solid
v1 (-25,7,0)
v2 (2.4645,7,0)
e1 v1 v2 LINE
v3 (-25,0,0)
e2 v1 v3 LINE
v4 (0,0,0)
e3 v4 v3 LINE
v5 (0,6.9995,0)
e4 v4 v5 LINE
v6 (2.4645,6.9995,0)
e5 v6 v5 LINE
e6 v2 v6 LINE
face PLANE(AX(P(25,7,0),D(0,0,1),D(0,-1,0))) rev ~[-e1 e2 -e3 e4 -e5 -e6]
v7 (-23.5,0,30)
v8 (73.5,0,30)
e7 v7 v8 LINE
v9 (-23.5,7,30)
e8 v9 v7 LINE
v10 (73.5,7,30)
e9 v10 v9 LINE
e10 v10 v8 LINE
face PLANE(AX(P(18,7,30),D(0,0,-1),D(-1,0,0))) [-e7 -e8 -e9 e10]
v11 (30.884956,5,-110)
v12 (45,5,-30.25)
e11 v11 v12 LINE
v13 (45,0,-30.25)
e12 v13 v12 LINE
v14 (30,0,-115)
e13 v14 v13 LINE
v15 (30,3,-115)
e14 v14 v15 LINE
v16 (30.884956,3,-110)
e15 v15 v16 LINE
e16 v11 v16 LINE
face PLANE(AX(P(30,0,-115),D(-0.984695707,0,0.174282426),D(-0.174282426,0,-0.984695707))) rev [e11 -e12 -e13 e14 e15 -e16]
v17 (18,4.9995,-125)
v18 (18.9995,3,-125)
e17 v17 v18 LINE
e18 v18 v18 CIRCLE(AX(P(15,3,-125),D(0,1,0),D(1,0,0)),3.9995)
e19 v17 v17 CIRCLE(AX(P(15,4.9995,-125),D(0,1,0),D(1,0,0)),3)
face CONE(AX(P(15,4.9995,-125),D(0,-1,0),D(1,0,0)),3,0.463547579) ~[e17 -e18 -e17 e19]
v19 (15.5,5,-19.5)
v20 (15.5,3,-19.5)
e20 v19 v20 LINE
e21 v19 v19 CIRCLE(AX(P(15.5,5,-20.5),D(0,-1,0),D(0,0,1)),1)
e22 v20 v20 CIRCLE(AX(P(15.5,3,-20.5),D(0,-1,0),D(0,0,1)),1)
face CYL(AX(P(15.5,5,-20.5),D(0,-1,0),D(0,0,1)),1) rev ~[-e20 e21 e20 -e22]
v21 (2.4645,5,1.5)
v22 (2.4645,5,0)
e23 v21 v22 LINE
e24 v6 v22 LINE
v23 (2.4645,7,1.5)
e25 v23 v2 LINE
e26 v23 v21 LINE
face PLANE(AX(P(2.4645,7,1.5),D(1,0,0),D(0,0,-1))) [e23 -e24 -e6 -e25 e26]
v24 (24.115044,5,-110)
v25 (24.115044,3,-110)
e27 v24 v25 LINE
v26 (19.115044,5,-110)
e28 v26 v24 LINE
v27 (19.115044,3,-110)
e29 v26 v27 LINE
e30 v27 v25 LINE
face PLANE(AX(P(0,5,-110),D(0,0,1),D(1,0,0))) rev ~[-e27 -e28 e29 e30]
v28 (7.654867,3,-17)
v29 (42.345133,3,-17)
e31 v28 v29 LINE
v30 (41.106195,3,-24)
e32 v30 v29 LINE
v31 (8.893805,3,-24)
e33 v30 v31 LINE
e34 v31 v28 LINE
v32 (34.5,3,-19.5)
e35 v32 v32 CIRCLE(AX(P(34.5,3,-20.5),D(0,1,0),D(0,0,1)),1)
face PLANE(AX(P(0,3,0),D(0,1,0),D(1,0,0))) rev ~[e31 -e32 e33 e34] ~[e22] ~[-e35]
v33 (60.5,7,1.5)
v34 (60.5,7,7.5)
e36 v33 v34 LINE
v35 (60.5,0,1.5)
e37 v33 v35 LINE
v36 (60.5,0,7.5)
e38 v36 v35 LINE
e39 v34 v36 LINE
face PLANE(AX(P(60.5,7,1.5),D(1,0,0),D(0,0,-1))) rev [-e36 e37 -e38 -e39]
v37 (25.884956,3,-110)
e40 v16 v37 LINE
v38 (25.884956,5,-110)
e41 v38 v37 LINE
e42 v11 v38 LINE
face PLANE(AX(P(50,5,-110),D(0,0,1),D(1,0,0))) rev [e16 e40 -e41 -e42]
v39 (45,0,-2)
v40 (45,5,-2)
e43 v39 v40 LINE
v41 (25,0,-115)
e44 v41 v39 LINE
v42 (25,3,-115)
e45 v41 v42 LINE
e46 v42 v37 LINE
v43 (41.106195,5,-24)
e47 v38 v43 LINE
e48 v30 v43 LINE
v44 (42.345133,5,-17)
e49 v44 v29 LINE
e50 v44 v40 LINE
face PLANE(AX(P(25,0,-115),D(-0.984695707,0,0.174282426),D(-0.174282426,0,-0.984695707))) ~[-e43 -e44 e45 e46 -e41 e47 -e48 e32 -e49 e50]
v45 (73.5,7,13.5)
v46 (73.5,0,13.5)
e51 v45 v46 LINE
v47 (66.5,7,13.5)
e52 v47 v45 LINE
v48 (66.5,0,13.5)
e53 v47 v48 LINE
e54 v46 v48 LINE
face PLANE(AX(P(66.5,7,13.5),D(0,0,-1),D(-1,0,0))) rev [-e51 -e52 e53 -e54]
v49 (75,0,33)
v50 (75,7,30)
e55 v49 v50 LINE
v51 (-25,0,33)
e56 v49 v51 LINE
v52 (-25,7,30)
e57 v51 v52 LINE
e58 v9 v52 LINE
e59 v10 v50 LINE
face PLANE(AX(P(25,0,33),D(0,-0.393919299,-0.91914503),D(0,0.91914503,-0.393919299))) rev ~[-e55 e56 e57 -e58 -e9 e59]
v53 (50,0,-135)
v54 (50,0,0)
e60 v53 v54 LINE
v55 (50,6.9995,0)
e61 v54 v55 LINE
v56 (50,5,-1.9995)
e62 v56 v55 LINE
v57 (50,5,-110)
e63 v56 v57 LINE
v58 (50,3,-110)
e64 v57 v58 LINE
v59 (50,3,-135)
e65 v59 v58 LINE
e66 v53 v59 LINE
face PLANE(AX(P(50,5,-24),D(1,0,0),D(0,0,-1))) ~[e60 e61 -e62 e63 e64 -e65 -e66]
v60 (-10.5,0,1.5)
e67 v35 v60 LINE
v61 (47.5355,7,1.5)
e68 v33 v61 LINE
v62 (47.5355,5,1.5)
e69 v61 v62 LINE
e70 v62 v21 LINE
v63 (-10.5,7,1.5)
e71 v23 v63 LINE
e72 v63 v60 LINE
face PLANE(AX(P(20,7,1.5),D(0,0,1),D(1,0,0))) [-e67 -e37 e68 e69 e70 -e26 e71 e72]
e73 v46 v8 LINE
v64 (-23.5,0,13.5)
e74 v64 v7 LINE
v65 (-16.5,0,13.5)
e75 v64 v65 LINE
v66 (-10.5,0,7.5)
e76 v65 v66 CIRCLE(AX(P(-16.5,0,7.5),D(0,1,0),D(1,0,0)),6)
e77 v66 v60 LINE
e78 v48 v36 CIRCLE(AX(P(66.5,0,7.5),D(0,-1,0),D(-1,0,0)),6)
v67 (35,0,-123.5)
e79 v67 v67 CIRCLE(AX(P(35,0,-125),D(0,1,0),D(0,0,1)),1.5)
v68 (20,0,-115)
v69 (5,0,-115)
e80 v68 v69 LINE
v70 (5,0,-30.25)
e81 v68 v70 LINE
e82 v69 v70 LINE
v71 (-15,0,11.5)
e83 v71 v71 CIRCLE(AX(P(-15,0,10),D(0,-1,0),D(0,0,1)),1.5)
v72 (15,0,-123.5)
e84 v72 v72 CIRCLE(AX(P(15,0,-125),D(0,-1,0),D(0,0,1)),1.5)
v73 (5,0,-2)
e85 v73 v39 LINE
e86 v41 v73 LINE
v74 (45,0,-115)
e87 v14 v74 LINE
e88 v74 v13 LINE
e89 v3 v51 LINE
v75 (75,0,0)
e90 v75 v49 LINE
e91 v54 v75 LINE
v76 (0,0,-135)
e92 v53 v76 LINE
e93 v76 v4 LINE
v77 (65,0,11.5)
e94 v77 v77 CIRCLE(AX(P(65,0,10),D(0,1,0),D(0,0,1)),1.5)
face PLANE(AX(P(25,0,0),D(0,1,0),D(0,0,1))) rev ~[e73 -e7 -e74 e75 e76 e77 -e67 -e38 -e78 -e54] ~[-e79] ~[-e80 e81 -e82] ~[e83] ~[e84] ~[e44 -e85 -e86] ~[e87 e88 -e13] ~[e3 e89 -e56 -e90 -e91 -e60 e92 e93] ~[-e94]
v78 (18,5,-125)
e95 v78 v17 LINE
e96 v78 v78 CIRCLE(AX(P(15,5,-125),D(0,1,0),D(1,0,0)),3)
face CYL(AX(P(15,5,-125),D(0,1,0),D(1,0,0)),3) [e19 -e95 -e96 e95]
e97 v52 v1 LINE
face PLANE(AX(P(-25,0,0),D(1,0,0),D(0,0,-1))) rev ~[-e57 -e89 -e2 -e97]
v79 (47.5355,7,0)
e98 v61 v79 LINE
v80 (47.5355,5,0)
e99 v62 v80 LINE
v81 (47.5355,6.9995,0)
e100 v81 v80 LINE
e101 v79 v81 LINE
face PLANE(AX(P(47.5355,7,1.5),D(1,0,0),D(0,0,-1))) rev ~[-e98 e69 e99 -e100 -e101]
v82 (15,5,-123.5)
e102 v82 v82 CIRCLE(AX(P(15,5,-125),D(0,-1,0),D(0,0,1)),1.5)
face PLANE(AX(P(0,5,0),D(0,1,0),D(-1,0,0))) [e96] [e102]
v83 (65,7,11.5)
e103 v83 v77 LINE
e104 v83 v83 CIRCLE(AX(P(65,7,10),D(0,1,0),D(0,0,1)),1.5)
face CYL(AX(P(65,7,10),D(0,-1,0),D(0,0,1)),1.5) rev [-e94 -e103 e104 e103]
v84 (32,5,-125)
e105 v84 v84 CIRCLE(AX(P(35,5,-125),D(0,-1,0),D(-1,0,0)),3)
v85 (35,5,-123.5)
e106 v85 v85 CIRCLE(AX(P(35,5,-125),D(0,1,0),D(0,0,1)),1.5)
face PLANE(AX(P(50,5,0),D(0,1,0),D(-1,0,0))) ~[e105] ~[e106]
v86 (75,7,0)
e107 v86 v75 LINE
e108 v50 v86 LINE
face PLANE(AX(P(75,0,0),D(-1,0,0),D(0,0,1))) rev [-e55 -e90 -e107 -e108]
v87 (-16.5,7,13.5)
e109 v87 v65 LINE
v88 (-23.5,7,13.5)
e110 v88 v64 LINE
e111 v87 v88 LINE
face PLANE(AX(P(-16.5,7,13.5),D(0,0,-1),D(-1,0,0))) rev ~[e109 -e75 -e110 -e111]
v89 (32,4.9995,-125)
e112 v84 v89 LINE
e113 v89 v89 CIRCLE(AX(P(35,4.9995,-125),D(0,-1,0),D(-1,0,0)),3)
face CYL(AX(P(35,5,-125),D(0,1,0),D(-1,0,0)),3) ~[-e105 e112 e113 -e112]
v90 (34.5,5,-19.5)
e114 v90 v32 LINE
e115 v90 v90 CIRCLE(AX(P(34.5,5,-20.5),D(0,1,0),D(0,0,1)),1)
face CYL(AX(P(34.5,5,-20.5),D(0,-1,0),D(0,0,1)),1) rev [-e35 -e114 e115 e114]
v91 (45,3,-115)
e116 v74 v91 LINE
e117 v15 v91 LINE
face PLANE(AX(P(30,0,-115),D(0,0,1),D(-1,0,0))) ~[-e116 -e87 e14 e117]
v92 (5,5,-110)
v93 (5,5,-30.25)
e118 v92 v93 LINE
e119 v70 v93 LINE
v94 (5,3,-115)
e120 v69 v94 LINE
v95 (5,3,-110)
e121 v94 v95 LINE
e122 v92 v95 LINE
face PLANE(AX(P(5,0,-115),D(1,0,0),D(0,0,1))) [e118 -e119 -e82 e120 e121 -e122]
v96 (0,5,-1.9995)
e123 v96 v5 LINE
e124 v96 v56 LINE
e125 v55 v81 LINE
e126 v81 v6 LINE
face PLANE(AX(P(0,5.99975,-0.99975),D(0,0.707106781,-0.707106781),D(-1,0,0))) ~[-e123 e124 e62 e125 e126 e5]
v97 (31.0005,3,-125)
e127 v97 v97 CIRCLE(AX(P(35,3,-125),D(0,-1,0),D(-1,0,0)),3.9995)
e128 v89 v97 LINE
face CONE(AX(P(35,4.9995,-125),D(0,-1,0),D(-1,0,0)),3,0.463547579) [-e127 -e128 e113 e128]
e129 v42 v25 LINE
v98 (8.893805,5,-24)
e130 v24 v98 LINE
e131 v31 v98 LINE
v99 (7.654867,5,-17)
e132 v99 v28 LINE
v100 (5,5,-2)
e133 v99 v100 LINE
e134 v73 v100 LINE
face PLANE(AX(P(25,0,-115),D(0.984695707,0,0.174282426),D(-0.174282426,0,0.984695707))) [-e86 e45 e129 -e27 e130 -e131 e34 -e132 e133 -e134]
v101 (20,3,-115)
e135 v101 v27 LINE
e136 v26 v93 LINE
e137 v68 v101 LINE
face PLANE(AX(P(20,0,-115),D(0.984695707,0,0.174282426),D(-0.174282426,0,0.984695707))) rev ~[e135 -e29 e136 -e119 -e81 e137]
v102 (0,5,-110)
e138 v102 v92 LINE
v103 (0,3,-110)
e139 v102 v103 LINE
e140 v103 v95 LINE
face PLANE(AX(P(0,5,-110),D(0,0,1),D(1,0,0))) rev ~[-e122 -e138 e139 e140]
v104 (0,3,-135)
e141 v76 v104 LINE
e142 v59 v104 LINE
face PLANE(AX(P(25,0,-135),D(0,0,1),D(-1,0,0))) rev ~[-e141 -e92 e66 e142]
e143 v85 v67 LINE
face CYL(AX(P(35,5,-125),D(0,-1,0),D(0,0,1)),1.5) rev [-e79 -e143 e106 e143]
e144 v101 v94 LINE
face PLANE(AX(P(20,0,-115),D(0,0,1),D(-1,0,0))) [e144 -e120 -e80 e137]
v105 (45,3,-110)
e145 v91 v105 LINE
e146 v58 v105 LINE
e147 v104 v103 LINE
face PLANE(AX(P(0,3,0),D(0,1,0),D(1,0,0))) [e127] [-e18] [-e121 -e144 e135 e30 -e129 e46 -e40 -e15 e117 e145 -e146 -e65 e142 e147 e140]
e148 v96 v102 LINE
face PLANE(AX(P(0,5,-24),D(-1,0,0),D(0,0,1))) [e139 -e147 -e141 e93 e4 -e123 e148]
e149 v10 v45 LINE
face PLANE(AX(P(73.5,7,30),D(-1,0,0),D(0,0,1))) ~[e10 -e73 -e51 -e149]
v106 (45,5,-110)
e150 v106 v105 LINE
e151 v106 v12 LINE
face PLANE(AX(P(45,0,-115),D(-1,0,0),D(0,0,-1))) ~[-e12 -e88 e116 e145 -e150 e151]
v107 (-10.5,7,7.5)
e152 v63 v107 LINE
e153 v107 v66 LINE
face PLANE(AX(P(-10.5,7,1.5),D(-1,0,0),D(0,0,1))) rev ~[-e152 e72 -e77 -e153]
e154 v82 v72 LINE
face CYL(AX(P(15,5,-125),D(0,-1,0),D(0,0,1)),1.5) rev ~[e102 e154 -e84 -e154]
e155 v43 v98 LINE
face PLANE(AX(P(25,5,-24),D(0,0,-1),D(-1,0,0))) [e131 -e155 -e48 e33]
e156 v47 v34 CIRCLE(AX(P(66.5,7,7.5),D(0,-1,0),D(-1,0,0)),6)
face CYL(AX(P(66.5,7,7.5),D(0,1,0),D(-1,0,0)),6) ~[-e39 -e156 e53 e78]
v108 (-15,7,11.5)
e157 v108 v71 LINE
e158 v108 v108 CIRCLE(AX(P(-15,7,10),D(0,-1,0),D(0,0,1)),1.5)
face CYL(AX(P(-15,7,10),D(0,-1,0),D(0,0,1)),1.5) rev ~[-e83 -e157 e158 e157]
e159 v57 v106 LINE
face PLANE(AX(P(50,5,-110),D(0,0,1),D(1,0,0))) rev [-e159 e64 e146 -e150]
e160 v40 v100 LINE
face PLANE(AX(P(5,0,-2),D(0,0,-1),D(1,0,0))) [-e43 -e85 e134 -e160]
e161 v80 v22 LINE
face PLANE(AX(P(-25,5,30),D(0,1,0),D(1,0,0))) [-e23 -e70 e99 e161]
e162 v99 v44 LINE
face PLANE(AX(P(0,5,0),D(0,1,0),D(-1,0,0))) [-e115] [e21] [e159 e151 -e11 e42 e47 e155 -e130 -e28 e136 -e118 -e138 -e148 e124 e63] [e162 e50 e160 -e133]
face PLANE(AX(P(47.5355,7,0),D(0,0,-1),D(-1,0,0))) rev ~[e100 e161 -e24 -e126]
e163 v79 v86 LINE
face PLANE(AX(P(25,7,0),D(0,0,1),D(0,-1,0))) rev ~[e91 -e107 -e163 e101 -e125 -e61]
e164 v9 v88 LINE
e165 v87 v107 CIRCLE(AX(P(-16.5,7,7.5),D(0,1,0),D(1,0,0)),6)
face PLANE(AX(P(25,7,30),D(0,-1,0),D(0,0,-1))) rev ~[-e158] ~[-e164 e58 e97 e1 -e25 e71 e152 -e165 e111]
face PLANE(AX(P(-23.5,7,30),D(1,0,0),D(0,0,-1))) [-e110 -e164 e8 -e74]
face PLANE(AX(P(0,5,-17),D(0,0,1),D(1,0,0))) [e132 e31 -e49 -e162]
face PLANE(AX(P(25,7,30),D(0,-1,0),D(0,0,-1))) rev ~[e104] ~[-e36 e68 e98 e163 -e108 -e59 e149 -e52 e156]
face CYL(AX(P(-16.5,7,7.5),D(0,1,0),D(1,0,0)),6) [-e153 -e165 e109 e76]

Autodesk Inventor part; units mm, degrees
ref_plane "YZ Plane" through (0, 0, 0) normal (1, 0, 0) x (0, 1, 0)
ref_plane "XZ Plane" through (0, 0, 0) normal (0, 1, 0) x (-1, 0, 0)
sketch "Szkic1" plane through (0, 0, 0) normal (0, 1, 0) x (-1, 0, 0)
  line L0 (0, 0) -> (-25, 0)
  line L1 (-25, 0) -> (-25, -135)
  line L2 (-25, -135) -> (0, -135)
  line L3 (0, -135) -> (0, 0)
  line L4 (-5, -2) -> (-25, -2)
  line L5 (-25, -2) -> (-25, -115)
  line L6 (-25, -115) -> (-5, -115)
  line L7 (-5, -115) -> (-5, -2)
  line L8 (-25, -115) -> (-5, -2)
  line L9 (-20, -115) -> (-5, -30.25)
  line L10 (-5, -30.25) -> (-5, -2)
  line L11 (-25, -115) -> (-20, -115)
  dimension "d0" = 25
  dimension "d1" = 135
  dimension "d2" = 5
  dimension "d3" = 20
  dimension "d4" = 2
  dimension "d7" = 5
extrude "Wyciągnięcie proste2" add sketch "Szkic1" along normal blind 5 contours L3 L2 L1 L6 L7 L4 L0 | L8 L7 L9 L6
sketch "Szkic2" plane through (25, 0, 0) normal (1, 0, 0) x (0, 0, -1)
  line L0 (0, 0) -> (-33, 0)
  line L1 (-33, 0) -> (-33, 7)
  line L2 (-33, 7) -> (0, 7)
  line L3 (0, 7) -> (0, 0)
  line L4 (-33, 0) -> (-30, 7)
  dimension "d10" = 33
  dimension "d11" = 7
  dimension "d12" = 30
extrude "Wyciągnięcie proste3" add sketch "Szkic2" against normal blind 50 contours L0 L4 L2 L3
sketch "Szkic3" plane through (25, 7, 30) normal (0, 1, 0) x (1, 0, 0)
  line L0 (0, 0) -> (-50, 0) projected
  line L1 (0, 0) -> (-48.5, 0)
  line L2 (-48.5, 0) -> (-48.5, 28.5)
  line L3 (-48.5, 28.5) -> (0, 28.5)
  line L4 (-50, 0) -> (-50, 30) projected
  line L5 (-48.5, 28.5) -> (-41.5, 28.5)
  line L6 (-41.5, 28.5) -> (-41.5, 16.5)
  line L7 (-41.5, 16.5) -> (-48.5, 16.5)
  line L8 (-48.5, 16.5) -> (-48.5, 28.5)
  circle A0 centre (-41.5, 22.5) radius 6
  line L9 (-35.5, 22.5) -> (-41.5, 22.5)
  line L10 (-41.5, 22.5) -> (-41.5, 28.5)
  line L11 (-41.5, 28.5) -> (-35.5, 28.5)
  line L12 (-35.5, 28.5) -> (-35.5, 22.5)
  line L13 (0, 30) -> (-50, 30) projected
  line L14 (0, 30) -> (0, 0) projected
  line L15 (-19, 28.5) -> (-7, 28.5) construction
  line L16 (-22.5355, 28.5) -> (-19, 28.5)
  line L17 (-7, 28.5) -> (-5, 28.5)
  line L18 (-7, 0) -> (-5, 0)
  point P0 (-25, 30)
  dimension "d16" = 1.5
  dimension "d19" = 13
  dimension "d20" = 12
  dimension "d66" = 1.5
extrude "Wyciągnięcie proste4" cut sketch "Szkic3" against normal up to next contours L0 L2 L7 A0 L12 L3 L14
sketch "Szkic4" plane through (0, 5, 0) normal (0, 1, 0) x (1, 0, 0)
  line L0 (0, 0) -> (0, 17) construction
  line L1 (0, 135) -> (0, 0) construction
  line L2 (0, 17) -> (25, 17)
  line L3 (25, 17) -> (25, 24)
  line L4 (25, 24) -> (0, 24)
  line L5 (0, 24) -> (0, 17)
  dimension "d26" = 17
  dimension "d27" = 7
extrude "Wyciągnięcie proste5" add sketch "Szkic4" against normal blind 2
sketch "Szkic5" plane through (0, 5, 0) normal (0, 1, 0) x (1, 0, 0)
  line L0 (25, 115) -> (25, 135) projected
  line L1 (0, 135) -> (0, 0) projected
  line L2 (25, 135) -> (0, 135)
  line L3 (0, 135) -> (0, 110)
  line L4 (0, 110) -> (25, 110)
  line L5 (25, 110) -> (25, 135)
  circle A0 centre (15, 125) radius 3
  dimension "d30" = 25
  dimension "d31" = 6
  dimension "d32" = 10
  dimension "d33" = 10
extrude "Wyciągnięcie proste6" cut sketch "Szkic5" against normal blind 2
chamfer "Faza2" distance 2 distance2 1 1 edges at (12, 3, -125) measured on face at (17.3983, 3.6667, -123.1978)
chamfer "Faza3" distance 2 angle 45 1 edges at (12.5, 5, 0)
sketch "Szkic6" plane through (15, 5, -125) normal (0, 1, 0) x (1, 0, 0)
  point P0 (-15, -125)
  point P1 (0, 0)
hole "Otwór1" at (15, 5, -125) direction (0, -1, 0) diameter 3 end through all
sketch "Szkic7" plane through (-25, 7, 30) normal (0, 1, 0) x (1, 0, 0)
  line L0 (14.5, 28.5) -> (14.5, 22.5) construction
  line L1 (14.5, 28.5) -> (14.5, 20) construction
  line L2 (14.5, 20) -> (1.5, 20) construction
  line L3 (1.5, 16.5) -> (1.5, 0) construction
  line L4 (1.5, 20) -> (1.5, 16.5) construction
  line L5 (1.5, 20) -> (10, 20) construction
  point P0 (25, 30)
  point P1 (12.5, 27.5)
  dimension "d49" = 8.5
  dimension "d50" = 8.5
hole "Otwór2" at (-15, 7, 10) direction (0, -1, 0) diameter 3 end through all
sketch "Szkic8" plane through (0, 5, 0) normal (0, 1, 0) x (1, 0, 0)
  line L0 (25, 24) -> (25, 17) construction
  line L1 (25, 20.5) -> (15.5, 20.5) construction
  point P0 (0, 0)
  dimension "d58" = 9.5
hole "Otwór3" at (15.5, 5, -20.5) direction (0, -1, 0) diameter 2 end through all
ref_plane "Płaszczyzna konstrukcyjna1" through (25, 3, -61.25) normal (1, 0, 0) x (0, 0, 1)
mirror "Odbij1" about plane through (25, 3, -61.25) normal (1, 0, 0)
sketch "Szkic9" plane through (-25, 7, 30) normal (0, 1, 0) x (1, 0, 0)
  line L0 (14.5, 28.5) -> (85.5, 28.5) projected
  line L1 (27.4645, 28.5) -> (27.4645, 30)
  line L2 (72.5355, 28.5) -> (57, 12.9645) projected
  line L3 (72.5355, 28.5) -> (72.5355, 30)
  line L4 (75, 30) -> (25, 30) projected
  line L5 (27.4645, 30) -> (72.5355, 30)
  line L6 (27.4645, 28.5) -> (32.9645, 23)
  line L7 (27.4645, 28.5) -> (43, 12.9645) projected
  line L8 (32.9645, 23) -> (67.0355, 23)
  line L9 (85.5, 28.5) -> (14.5, 28.5) projected
  line L10 (72.5355, 28.5) -> (67.0355, 23)
  dimension "d71" = 7
extrude "Wyciągnięcie proste7" cut sketch "Szkic9" against normal blind 2
properties part number "lf2"
